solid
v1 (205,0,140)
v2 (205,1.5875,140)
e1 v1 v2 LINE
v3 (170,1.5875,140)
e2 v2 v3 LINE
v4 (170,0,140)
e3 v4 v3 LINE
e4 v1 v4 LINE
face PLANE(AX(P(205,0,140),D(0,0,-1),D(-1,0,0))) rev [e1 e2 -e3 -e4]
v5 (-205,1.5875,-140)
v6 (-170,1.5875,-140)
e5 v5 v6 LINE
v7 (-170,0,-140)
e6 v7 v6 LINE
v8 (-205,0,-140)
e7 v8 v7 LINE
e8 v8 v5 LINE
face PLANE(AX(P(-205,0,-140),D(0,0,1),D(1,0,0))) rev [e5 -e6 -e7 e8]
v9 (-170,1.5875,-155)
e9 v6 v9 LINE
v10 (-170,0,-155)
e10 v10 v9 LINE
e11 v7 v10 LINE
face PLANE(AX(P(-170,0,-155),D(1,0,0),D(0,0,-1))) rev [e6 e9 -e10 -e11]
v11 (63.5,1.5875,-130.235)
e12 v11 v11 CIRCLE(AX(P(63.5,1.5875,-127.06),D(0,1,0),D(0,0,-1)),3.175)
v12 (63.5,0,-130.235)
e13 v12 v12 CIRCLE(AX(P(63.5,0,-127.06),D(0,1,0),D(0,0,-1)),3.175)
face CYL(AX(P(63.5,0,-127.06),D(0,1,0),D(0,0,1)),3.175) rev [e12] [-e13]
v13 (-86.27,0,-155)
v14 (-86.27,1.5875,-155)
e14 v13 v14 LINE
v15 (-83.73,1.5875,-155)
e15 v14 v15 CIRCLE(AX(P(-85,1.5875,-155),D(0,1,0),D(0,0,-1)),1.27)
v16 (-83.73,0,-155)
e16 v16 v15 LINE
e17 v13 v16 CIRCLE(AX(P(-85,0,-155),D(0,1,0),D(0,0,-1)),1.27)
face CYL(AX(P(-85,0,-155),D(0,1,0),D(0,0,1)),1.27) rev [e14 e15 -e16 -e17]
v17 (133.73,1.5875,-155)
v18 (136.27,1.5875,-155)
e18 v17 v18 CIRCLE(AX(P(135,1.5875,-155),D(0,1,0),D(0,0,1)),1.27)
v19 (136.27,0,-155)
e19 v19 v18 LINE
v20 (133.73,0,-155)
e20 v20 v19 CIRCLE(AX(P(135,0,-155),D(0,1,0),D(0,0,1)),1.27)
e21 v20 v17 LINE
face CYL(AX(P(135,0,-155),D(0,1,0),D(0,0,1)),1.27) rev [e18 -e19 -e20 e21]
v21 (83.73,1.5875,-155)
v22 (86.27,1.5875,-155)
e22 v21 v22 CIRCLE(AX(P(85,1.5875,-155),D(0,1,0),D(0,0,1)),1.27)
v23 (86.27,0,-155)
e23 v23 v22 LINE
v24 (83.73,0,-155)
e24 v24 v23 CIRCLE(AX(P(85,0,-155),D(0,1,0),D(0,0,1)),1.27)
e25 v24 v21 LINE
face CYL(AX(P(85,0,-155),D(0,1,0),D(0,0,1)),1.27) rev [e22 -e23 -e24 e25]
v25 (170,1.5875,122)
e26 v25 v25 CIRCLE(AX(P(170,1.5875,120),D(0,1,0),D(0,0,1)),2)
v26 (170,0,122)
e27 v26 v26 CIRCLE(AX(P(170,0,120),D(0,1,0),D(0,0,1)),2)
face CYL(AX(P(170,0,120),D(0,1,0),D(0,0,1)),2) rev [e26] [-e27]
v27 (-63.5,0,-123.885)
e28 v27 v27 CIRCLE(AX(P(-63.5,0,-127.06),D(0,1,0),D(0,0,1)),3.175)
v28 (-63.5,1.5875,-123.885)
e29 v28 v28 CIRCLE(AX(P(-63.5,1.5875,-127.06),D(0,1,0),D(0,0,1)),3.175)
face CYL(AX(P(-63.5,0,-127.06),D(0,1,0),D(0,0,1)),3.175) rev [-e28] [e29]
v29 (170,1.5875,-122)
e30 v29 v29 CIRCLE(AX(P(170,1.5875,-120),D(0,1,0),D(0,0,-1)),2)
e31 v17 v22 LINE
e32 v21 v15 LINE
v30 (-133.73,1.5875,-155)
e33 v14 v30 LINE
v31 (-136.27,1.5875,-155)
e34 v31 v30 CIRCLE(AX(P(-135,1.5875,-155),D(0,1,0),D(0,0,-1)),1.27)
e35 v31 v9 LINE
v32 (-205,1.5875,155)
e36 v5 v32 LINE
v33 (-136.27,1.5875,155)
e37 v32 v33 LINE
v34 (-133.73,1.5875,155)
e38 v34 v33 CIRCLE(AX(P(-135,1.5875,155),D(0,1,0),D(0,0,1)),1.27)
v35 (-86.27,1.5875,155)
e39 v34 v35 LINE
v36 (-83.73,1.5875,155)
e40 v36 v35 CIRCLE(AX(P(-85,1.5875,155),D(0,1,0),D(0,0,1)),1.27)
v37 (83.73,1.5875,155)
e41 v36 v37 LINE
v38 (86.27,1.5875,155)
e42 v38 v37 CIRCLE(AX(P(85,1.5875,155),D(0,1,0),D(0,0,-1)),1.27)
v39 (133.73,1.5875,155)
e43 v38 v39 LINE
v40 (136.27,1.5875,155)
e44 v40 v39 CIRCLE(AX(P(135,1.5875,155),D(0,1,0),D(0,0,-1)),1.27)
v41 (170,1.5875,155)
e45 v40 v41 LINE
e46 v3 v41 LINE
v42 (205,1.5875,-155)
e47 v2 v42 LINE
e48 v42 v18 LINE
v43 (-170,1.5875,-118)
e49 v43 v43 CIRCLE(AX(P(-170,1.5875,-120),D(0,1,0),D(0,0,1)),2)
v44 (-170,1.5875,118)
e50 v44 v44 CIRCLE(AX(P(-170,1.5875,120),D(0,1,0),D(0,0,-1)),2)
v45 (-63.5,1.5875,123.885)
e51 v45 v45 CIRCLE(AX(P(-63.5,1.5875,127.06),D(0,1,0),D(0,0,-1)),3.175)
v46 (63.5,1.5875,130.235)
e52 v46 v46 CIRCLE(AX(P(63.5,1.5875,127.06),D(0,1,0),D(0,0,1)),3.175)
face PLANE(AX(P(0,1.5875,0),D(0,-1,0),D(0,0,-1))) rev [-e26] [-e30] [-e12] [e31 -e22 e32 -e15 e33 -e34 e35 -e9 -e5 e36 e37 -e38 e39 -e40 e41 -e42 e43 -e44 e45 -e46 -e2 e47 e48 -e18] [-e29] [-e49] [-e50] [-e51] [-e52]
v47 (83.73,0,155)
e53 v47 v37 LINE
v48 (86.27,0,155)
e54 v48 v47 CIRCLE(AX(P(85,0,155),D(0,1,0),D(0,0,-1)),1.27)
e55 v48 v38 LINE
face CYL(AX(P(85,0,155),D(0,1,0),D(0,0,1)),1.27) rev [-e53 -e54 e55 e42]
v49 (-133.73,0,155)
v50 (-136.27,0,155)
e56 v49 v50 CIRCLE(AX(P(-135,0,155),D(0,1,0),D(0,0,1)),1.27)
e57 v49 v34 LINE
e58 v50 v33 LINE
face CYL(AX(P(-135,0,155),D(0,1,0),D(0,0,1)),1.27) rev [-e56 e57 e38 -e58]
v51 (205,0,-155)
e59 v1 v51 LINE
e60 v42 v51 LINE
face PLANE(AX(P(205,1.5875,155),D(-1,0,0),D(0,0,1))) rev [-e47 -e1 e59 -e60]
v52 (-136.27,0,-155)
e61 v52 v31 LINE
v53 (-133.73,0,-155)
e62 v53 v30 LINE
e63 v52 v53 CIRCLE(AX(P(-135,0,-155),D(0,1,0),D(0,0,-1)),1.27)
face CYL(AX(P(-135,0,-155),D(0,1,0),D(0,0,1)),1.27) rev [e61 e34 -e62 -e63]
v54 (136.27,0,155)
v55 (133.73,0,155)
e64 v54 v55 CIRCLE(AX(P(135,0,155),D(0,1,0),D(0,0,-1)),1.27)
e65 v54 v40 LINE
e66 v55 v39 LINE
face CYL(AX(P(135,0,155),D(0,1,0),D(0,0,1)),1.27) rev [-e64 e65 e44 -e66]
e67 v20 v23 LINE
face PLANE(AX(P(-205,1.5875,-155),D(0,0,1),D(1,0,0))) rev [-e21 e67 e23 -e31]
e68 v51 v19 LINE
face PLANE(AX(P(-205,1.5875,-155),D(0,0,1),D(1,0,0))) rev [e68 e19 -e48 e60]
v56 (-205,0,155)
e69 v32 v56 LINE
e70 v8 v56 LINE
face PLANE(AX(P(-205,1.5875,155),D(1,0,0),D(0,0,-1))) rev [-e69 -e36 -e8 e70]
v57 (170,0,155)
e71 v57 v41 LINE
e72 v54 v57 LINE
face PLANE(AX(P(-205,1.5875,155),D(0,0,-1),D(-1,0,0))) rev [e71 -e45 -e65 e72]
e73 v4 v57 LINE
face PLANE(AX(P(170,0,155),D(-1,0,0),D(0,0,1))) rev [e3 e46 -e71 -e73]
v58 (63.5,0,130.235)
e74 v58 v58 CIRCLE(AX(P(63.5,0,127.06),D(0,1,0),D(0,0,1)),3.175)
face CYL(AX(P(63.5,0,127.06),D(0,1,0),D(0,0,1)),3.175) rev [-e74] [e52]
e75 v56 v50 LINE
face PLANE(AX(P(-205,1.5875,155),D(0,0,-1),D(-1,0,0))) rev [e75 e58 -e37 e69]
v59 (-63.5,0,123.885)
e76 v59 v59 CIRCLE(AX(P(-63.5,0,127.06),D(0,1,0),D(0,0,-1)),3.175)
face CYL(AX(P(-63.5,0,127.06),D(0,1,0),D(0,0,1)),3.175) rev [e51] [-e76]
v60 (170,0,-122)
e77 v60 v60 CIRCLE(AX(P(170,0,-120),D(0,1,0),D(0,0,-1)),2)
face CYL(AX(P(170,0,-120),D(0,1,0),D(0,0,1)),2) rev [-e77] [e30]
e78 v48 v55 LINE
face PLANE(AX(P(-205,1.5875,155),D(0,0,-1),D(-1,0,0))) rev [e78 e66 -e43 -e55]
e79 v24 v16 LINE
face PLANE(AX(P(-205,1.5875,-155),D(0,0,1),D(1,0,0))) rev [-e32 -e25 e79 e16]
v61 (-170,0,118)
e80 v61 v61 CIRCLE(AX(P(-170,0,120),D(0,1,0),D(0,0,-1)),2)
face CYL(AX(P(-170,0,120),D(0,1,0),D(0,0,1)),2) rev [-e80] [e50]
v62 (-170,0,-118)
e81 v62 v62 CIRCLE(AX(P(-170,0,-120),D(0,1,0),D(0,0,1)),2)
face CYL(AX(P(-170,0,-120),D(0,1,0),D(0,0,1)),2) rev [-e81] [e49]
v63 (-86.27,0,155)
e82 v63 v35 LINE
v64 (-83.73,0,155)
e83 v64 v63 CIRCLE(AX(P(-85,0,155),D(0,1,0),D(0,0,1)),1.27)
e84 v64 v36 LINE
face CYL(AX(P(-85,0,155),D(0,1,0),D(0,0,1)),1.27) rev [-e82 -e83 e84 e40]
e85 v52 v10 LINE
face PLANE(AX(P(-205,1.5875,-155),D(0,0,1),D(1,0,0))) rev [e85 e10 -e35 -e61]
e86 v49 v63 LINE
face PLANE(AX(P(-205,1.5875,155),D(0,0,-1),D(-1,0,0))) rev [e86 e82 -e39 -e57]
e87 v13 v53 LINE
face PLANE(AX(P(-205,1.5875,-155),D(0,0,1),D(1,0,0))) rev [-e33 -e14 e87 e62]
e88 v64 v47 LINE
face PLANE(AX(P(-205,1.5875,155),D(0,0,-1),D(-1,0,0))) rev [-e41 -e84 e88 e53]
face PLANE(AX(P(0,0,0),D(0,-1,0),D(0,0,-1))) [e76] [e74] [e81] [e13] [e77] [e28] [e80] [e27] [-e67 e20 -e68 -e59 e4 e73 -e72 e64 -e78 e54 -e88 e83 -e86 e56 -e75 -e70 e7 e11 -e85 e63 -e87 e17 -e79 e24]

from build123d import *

# Parameters (mm, degrees)
SKETCH1_W           = 410
SKETCH1_H           = 310
BOSS_EXTRUDE1_DEPTH = 1.5875
SKETCH2_R           = 3.175
SKETCH2_R_2         = 2
CUT_EXTRUDE1_DEPTH  = 258.006848462
SKETCH3_W           = 35
SKETCH3_H           = 15
CUT_EXTRUDE2_DEPTH  = 258.006848462


with BuildPart() as part:
    # Sketch1 → Boss-Extrude1 (new body)
    with BuildSketch(Plane(origin=(0, 0, 0), x_dir=(1, 0, 0), z_dir=(0, 1, 0))):
        Rectangle(SKETCH1_W, SKETCH1_H)
    extrude(amount=BOSS_EXTRUDE1_DEPTH)

    # Sketch2 → Cut-Extrude1 (cut, through all)
    with BuildSketch(Plane(origin=(0, 1.5875, 0), x_dir=(1, 0, 0), z_dir=(0, 1, 0))):
        with Locations((-63.5, 127.06)):
            Circle(SKETCH2_R)
        with Locations((-170, 120)):
            Circle(SKETCH2_R_2)
        with Locations((63.5, 127.06)):
            Circle(SKETCH2_R)
        with Locations((170, 120)):
            Circle(SKETCH2_R_2)
        with Locations((170, -120)):
            Circle(SKETCH2_R_2)
        with Locations((63.5, -127.06)):
            Circle(SKETCH2_R)
        with Locations((-63.5, -127.06)):
            Circle(SKETCH2_R)
        with Locations((-170, -120)):
            Circle(SKETCH2_R_2)
        with BuildLine():
            Line((-136.27, 155), (-133.73, 155))
            ThreePointArc((-133.73, 155), (-135, 153.73), (-136.27, 155))
        make_face()
        with BuildLine():
            Line((-86.27, 155), (-83.73, 155))
            ThreePointArc((-83.73, 155), (-85, 153.73), (-86.27, 155))
        make_face()
        with BuildLine():
            Line((86.27, 155), (83.73, 155))
            ThreePointArc((83.73, 155), (85, 153.73), (86.27, 155))
        make_face()
        with BuildLine():
            Line((136.27, 155), (133.73, 155))
            ThreePointArc((133.73, 155), (135, 153.73), (136.27, 155))
        make_face()
        with BuildLine():
            Line((136.27, -155), (133.73, -155))
            ThreePointArc((133.73, -155), (135, -153.73), (136.27, -155))
        make_face()
        with BuildLine():
            Line((86.27, -155), (83.73, -155))
            ThreePointArc((83.73, -155), (85, -153.73), (86.27, -155))
        make_face()
        with BuildLine():
            Line((-86.27, -155), (-83.73, -155))
            ThreePointArc((-83.73, -155), (-85, -153.73), (-86.27, -155))
        make_face()
        with BuildLine():
            Line((-136.27, -155), (-133.73, -155))
            ThreePointArc((-133.73, -155), (-135, -153.73), (-136.27, -155))
        make_face()
    extrude(amount=-CUT_EXTRUDE1_DEPTH, mode=Mode.SUBTRACT)

    # Sketch3 → Cut-Extrude2 (cut, through all)
    with BuildSketch(Plane(origin=(0, 1.5875, 0), x_dir=(1, 0, 0), z_dir=(0, 1, 0))):
        with Locations((-187.5, 147.5)):
            Rectangle(SKETCH3_W, SKETCH3_H)
        with Locations((187.5, -147.5)):
            Rectangle(SKETCH3_W, SKETCH3_H)
    extrude(amount=-CUT_EXTRUDE2_DEPTH, mode=Mode.SUBTRACT)


solid = part.part
